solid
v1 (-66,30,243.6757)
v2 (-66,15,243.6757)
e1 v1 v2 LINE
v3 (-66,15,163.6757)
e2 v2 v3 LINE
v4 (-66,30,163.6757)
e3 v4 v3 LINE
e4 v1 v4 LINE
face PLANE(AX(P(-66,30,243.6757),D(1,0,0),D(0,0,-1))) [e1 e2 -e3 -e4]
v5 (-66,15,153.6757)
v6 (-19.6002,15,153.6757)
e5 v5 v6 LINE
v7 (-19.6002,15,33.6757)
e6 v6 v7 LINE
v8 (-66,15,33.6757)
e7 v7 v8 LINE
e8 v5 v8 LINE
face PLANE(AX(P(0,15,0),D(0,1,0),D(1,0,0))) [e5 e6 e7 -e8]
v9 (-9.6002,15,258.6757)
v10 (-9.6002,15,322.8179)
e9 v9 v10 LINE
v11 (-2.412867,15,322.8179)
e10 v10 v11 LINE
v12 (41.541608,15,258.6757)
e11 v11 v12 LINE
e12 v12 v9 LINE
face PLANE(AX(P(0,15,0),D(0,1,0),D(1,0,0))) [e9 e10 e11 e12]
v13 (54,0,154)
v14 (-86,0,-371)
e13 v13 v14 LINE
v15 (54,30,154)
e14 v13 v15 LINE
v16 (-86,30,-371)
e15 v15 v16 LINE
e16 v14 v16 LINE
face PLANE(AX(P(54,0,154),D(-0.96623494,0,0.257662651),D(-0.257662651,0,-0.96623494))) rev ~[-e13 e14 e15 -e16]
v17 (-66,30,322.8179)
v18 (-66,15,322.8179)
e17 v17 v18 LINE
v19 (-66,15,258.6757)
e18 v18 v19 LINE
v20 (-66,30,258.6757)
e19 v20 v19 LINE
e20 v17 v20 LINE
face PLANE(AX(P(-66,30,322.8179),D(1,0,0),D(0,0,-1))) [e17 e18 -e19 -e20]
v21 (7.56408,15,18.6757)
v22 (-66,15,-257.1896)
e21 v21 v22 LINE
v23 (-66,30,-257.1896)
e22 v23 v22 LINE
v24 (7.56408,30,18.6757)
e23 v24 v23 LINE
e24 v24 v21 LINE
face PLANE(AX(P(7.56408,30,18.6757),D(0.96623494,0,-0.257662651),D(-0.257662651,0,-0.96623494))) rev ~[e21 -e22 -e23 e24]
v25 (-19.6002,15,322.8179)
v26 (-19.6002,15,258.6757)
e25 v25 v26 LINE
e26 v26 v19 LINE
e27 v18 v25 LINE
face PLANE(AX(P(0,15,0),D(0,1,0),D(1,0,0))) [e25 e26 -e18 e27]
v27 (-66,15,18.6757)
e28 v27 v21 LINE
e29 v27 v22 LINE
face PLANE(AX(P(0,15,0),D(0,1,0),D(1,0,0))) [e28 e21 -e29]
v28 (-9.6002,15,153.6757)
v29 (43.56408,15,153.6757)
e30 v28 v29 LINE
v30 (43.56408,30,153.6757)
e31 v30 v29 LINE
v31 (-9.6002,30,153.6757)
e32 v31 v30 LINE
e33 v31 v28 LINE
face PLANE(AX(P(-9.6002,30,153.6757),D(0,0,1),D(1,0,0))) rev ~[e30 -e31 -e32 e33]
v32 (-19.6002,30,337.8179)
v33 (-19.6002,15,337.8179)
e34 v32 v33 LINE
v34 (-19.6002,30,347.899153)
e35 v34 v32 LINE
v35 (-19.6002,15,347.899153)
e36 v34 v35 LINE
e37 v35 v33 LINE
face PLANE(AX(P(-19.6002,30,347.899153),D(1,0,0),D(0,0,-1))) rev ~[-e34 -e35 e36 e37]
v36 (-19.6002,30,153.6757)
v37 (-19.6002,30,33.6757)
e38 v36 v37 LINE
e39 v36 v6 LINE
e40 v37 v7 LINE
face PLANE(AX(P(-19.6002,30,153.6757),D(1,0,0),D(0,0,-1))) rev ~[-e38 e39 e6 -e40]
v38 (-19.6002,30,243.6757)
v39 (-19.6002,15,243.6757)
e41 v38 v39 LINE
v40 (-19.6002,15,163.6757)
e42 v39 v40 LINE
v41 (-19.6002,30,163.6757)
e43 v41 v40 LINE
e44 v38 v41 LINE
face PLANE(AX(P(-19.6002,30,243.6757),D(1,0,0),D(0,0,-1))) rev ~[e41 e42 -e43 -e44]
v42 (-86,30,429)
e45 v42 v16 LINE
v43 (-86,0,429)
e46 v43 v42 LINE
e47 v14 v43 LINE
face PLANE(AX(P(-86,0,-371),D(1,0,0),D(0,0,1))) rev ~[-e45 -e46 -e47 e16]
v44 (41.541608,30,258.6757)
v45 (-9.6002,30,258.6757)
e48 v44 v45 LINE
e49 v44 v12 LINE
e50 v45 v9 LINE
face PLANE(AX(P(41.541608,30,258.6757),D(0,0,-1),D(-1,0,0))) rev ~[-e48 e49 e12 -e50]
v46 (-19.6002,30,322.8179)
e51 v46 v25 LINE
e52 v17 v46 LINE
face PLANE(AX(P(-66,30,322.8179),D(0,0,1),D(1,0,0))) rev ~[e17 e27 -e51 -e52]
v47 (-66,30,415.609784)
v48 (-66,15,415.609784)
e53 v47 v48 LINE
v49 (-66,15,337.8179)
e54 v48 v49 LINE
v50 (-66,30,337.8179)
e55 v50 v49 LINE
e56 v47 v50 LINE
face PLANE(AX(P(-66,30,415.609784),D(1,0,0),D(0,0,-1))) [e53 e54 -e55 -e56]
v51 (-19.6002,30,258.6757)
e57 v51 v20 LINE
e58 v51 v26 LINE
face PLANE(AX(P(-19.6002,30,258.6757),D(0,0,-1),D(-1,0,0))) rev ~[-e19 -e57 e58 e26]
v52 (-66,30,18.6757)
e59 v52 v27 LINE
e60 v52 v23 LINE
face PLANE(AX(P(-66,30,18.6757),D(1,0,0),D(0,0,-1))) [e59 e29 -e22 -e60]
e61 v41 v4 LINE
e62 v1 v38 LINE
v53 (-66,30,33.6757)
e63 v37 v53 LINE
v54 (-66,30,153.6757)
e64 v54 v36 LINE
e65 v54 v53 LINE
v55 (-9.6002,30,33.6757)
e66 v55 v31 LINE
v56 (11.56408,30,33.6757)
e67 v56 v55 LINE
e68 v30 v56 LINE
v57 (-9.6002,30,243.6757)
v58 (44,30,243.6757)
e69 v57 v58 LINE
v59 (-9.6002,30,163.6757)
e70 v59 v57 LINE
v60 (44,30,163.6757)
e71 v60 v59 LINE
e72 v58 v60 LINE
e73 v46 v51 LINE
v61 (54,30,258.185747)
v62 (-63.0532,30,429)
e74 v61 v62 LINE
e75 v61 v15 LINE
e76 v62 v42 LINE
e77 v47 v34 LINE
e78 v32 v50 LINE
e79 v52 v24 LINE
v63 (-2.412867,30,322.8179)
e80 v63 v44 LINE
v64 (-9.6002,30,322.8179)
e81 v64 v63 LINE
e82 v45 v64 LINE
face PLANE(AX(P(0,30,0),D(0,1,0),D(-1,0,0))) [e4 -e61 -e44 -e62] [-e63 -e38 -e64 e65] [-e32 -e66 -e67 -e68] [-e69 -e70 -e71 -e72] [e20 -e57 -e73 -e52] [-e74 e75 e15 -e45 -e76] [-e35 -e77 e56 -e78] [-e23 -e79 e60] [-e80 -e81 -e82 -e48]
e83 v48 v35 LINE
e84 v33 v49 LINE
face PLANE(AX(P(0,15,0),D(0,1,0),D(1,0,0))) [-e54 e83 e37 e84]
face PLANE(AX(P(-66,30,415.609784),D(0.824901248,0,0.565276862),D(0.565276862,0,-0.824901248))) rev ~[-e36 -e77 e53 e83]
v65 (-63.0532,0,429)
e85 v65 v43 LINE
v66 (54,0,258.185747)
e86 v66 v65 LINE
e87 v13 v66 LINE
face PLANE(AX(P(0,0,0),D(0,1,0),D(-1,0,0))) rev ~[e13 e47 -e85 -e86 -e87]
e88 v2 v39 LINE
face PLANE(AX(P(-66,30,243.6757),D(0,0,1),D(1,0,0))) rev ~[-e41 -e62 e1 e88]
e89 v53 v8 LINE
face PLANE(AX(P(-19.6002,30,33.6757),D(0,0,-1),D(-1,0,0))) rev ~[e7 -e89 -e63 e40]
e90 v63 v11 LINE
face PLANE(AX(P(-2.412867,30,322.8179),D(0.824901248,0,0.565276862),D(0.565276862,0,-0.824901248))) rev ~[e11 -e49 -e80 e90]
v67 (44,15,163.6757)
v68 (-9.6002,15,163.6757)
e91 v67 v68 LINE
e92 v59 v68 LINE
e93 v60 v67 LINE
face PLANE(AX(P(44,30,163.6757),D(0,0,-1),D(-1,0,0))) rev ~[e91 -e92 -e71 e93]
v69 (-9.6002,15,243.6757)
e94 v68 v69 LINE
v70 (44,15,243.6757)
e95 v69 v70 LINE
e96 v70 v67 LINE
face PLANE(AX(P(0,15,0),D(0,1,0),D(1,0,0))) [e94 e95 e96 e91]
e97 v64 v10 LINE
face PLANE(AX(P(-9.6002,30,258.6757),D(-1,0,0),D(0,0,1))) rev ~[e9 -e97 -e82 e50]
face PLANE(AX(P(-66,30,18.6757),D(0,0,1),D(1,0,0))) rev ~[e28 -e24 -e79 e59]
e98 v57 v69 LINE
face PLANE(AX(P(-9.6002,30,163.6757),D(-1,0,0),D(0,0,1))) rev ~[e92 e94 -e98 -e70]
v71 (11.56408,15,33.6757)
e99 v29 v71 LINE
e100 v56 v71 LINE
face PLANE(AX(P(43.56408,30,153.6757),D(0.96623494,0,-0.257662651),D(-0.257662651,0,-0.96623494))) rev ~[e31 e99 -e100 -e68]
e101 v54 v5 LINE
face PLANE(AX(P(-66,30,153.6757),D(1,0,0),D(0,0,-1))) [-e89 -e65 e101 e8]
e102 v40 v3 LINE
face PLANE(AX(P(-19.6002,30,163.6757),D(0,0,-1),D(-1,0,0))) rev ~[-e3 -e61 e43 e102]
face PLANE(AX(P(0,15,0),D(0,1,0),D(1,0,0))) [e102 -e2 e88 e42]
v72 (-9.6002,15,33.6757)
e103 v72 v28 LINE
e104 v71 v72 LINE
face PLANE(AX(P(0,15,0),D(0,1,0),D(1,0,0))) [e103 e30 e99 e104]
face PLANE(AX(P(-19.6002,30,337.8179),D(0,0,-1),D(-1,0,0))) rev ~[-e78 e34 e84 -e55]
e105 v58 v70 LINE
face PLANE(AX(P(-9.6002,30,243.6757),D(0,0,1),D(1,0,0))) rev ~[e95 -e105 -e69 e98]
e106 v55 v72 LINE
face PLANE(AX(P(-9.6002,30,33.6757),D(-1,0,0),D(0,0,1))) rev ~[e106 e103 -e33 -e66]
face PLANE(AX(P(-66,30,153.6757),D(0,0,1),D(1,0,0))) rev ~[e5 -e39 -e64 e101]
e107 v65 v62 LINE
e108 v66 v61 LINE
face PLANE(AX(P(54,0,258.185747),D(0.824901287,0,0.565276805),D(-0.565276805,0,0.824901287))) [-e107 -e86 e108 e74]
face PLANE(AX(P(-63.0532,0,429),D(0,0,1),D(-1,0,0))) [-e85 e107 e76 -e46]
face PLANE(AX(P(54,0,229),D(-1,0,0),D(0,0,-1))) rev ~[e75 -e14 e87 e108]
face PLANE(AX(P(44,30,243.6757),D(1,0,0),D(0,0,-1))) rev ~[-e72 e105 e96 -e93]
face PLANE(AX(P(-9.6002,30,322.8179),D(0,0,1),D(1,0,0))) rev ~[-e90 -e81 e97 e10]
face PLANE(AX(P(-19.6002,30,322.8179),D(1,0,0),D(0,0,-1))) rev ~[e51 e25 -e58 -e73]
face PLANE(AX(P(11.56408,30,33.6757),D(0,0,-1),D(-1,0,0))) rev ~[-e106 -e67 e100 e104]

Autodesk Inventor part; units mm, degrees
ref_plane "YZ Plane" through (0, 0, 0) normal (1, 0, 0) x (0, 1, 0)
ref_plane "XZ Plane" through (0, 0, 0) normal (0, 1, 0) x (-1, 0, 0)
ref_plane "XY Plane" through (0, 0, 0) normal (0, 0, 1) x (1, 0, 0)
sketch "Sketch1" plane through (0, 0, 0) normal (0, 1, 0) x (-1, 0, 0)
  line L0 (86, 229) -> (-74, 229)
  line L1 (-74, 229) -> (-74, -371)
  line L2 (-74, -371) -> (86, -371)
  line L3 (86, -371) -> (86, 229)
  line L4 (86, 229) -> (-74, 229)
  line L5 (-74, 229) -> (-74, 429)
  line L6 (-74, 429) -> (86, 429)
  line L7 (86, 429) -> (86, 229)
  line L8 (-74, 229) -> (86, -371)
  line L9 (-74, 229) -> (63.0532, 429)
  line L10 (-74, 429) -> (-54, 429)
  line L11 (-54, 429) -> (-54, -371)
  line L12 (-54, -371) -> (-74, -371)
  line L13 (-74, -371) -> (-74, 429)
  point P0 (0, 0)
  point P1 (-54, 258.1857)
  point P2 (-54, 154)
  dimension "d0" = 600
  dimension "d1" = 200
  dimension "d2" = 160
  dimension "d3" = 20
extrude "Extrusion1" add sketch "Sketch1" along normal blind 30 contours L3 L8 L11 L0 | L0 L11 L9 L6 L7
sketch "Sketch2" plane through (0, 30, 0) normal (0, 1, 0) x (1, 0, 0)
  line L0 (75.5798, -163.6757) -> (-122, -163.6757)
  line L1 (-122, -163.6757) -> (-122, -153.6757)
  line L2 (-122, -153.6757) -> (75.5798, -153.6757)
  line L3 (75.5798, -153.6757) -> (75.5798, -163.6757)
  line L4 (143.751, -33.6757) -> (-97.1737, -33.6757)
  line L5 (-97.1737, -33.6757) -> (-97.1737, -18.6757)
  line L6 (-97.1737, -18.6757) -> (143.751, -18.6757)
  line L7 (143.751, -18.6757) -> (143.751, -33.6757)
  line L8 (152.9485, -258.6757) -> (-87.9762, -258.6757)
  line L9 (-87.9762, -258.6757) -> (-87.9762, -243.6757)
  line L10 (-87.9762, -243.6757) -> (152.9485, -243.6757)
  line L11 (152.9485, -243.6757) -> (152.9485, -258.6757)
  line L12 (-86, -429) -> (-63.0532, -429) projected
  line L13 (-63.0532, -429) -> (54, -258.1857) projected
  line L14 (54, -258.1857) -> (54, -154) projected
  line L15 (54, -154) -> (-86, 371) projected
  line L16 (-86, 371) -> (-86, -429) projected
  line L17 (-76, -419) -> (-68.3232, -419)
  line L18 (-68.3232, -419) -> (44, -255.0882)
  line L19 (44, -255.0882) -> (44, -155.3104)
  line L20 (44, -155.3104) -> (-76, 294.6896)
  line L21 (-76, 294.6896) -> (-76, -419)
  line L22 (38.103, -337.8179) -> (-236.6655, -337.8179)
  line L23 (-236.6655, -337.8179) -> (-236.6655, -322.8179)
  line L24 (-236.6655, -322.8179) -> (38.103, -322.8179)
  line L25 (38.103, -322.8179) -> (38.103, -337.8179)
  line L26 (-19.6002, -33.6757) -> (-9.6002, -33.6757)
  line L27 (-9.6002, -33.6757) -> (-9.6002, -433)
  line L28 (-9.6002, -433) -> (-19.6002, -433)
  line L29 (-19.6002, -433) -> (-19.6002, -33.6757)
  line L30 (-76, -419) -> (-66, -419)
  line L31 (-66, -419) -> (-66, 295.0501)
  line L32 (-66, 295.0501) -> (-76, 295.0501)
  line L33 (-76, 295.0501) -> (-76, -419)
  point P0 (0, 0)
  point P1 (-76, -18.6757)
  point P2 (7.5641, -18.6757)
  point P3 (-76, -33.6757)
  point P4 (-76, -153.6757)
  point P5 (44, -159.6038)
  point P6 (11.5641, -33.6757)
  point P7 (-76, -163.6757)
  point P8 (-76, -243.6757)
  point P9 (38.3772, -263.2935)
  point P10 (44, -163.6757)
  point P11 (41.5416, -258.6757)
  point P12 (-76, -258.6757)
  point P13 (-94.6892, -355.1147)
  point P14 (-104.6892, -352.0171)
  point P15 (43.5641, -153.6757)
  point P16 (44, -243.6757)
  point P17 (-86, -163.6757)
  point P18 (-86, -243.6757)
  point P19 (-86, -33.6757)
  point P20 (-86, -153.6757)
  point P21 (53.9135, -153.6757)
  point P22 (21.9135, -33.6757)
  point P23 (17.9135, -18.6757)
  point P24 (-86, -18.6757)
  point P25 (-86, -258.6757)
  point P26 (54, -163.6757)
  point P27 (-86, -337.8179)
  point P28 (-86, -322.8179)
  point P29 (54, -243.6757)
  point P30 (53.6642, -258.6757)
  point P31 (9.7098, -322.8179)
  point P32 (-0.5692, -337.8179)
  point P33 (-9.6002, -350.9967)
  point P34 (-19.6002, -365.5895)
  point P35 (-66, 257.1896)
  point P36 (-66, -18.6757)
  point P37 (-9.6002, -33.6757)
  point P38 (-9.6002, -153.6757)
  point P39 (-66, -33.6757)
  point P40 (-66, -153.6757)
  point P41 (-19.6002, -153.6757)
  point P42 (-66, -163.6757)
  point P43 (-66, -243.6757)
  point P44 (-19.6002, -243.6757)
  point P45 (-19.6002, -163.6757)
  point P46 (-9.6002, -163.6757)
  point P47 (-9.6002, -243.6757)
  point P48 (-9.6002, -258.6757)
  point P49 (-9.6002, -322.8179)
  point P50 (-2.4129, -322.8179)
  point P51 (-66, -258.6757)
  point P52 (-66, -322.8179)
  point P53 (-19.6002, -322.8179)
  point P54 (-19.6002, -258.6757)
  point P55 (-66, -337.8179)
  point P56 (-66, -415.6098)
  point P57 (-19.6002, -347.8991)
  point P58 (-19.6002, -337.8179)
  dimension "d6" = 10
  dimension "d7" = 15
  dimension "d8" = 15
  dimension "d9" = 120
  dimension "d10" = 80
  dimension "d11" = 10
  dimension "d15" = 15
  dimension "d16" = 10
  dimension "d17" = 20
extrude "Extrusion2" cut sketch "Sketch2" against normal blind 15 contours L19 L10 L27 L0 | L2 L27 L4 L20 | L29 L10 L31 L0 | L2 L31 L4 L29 | L8 L18 L24 L27 | L6 L31 L20 | L29 L24 L31 L8 | L29 L18 L31 L22
properties part number "Nozki" material "Aluminum 6061"
